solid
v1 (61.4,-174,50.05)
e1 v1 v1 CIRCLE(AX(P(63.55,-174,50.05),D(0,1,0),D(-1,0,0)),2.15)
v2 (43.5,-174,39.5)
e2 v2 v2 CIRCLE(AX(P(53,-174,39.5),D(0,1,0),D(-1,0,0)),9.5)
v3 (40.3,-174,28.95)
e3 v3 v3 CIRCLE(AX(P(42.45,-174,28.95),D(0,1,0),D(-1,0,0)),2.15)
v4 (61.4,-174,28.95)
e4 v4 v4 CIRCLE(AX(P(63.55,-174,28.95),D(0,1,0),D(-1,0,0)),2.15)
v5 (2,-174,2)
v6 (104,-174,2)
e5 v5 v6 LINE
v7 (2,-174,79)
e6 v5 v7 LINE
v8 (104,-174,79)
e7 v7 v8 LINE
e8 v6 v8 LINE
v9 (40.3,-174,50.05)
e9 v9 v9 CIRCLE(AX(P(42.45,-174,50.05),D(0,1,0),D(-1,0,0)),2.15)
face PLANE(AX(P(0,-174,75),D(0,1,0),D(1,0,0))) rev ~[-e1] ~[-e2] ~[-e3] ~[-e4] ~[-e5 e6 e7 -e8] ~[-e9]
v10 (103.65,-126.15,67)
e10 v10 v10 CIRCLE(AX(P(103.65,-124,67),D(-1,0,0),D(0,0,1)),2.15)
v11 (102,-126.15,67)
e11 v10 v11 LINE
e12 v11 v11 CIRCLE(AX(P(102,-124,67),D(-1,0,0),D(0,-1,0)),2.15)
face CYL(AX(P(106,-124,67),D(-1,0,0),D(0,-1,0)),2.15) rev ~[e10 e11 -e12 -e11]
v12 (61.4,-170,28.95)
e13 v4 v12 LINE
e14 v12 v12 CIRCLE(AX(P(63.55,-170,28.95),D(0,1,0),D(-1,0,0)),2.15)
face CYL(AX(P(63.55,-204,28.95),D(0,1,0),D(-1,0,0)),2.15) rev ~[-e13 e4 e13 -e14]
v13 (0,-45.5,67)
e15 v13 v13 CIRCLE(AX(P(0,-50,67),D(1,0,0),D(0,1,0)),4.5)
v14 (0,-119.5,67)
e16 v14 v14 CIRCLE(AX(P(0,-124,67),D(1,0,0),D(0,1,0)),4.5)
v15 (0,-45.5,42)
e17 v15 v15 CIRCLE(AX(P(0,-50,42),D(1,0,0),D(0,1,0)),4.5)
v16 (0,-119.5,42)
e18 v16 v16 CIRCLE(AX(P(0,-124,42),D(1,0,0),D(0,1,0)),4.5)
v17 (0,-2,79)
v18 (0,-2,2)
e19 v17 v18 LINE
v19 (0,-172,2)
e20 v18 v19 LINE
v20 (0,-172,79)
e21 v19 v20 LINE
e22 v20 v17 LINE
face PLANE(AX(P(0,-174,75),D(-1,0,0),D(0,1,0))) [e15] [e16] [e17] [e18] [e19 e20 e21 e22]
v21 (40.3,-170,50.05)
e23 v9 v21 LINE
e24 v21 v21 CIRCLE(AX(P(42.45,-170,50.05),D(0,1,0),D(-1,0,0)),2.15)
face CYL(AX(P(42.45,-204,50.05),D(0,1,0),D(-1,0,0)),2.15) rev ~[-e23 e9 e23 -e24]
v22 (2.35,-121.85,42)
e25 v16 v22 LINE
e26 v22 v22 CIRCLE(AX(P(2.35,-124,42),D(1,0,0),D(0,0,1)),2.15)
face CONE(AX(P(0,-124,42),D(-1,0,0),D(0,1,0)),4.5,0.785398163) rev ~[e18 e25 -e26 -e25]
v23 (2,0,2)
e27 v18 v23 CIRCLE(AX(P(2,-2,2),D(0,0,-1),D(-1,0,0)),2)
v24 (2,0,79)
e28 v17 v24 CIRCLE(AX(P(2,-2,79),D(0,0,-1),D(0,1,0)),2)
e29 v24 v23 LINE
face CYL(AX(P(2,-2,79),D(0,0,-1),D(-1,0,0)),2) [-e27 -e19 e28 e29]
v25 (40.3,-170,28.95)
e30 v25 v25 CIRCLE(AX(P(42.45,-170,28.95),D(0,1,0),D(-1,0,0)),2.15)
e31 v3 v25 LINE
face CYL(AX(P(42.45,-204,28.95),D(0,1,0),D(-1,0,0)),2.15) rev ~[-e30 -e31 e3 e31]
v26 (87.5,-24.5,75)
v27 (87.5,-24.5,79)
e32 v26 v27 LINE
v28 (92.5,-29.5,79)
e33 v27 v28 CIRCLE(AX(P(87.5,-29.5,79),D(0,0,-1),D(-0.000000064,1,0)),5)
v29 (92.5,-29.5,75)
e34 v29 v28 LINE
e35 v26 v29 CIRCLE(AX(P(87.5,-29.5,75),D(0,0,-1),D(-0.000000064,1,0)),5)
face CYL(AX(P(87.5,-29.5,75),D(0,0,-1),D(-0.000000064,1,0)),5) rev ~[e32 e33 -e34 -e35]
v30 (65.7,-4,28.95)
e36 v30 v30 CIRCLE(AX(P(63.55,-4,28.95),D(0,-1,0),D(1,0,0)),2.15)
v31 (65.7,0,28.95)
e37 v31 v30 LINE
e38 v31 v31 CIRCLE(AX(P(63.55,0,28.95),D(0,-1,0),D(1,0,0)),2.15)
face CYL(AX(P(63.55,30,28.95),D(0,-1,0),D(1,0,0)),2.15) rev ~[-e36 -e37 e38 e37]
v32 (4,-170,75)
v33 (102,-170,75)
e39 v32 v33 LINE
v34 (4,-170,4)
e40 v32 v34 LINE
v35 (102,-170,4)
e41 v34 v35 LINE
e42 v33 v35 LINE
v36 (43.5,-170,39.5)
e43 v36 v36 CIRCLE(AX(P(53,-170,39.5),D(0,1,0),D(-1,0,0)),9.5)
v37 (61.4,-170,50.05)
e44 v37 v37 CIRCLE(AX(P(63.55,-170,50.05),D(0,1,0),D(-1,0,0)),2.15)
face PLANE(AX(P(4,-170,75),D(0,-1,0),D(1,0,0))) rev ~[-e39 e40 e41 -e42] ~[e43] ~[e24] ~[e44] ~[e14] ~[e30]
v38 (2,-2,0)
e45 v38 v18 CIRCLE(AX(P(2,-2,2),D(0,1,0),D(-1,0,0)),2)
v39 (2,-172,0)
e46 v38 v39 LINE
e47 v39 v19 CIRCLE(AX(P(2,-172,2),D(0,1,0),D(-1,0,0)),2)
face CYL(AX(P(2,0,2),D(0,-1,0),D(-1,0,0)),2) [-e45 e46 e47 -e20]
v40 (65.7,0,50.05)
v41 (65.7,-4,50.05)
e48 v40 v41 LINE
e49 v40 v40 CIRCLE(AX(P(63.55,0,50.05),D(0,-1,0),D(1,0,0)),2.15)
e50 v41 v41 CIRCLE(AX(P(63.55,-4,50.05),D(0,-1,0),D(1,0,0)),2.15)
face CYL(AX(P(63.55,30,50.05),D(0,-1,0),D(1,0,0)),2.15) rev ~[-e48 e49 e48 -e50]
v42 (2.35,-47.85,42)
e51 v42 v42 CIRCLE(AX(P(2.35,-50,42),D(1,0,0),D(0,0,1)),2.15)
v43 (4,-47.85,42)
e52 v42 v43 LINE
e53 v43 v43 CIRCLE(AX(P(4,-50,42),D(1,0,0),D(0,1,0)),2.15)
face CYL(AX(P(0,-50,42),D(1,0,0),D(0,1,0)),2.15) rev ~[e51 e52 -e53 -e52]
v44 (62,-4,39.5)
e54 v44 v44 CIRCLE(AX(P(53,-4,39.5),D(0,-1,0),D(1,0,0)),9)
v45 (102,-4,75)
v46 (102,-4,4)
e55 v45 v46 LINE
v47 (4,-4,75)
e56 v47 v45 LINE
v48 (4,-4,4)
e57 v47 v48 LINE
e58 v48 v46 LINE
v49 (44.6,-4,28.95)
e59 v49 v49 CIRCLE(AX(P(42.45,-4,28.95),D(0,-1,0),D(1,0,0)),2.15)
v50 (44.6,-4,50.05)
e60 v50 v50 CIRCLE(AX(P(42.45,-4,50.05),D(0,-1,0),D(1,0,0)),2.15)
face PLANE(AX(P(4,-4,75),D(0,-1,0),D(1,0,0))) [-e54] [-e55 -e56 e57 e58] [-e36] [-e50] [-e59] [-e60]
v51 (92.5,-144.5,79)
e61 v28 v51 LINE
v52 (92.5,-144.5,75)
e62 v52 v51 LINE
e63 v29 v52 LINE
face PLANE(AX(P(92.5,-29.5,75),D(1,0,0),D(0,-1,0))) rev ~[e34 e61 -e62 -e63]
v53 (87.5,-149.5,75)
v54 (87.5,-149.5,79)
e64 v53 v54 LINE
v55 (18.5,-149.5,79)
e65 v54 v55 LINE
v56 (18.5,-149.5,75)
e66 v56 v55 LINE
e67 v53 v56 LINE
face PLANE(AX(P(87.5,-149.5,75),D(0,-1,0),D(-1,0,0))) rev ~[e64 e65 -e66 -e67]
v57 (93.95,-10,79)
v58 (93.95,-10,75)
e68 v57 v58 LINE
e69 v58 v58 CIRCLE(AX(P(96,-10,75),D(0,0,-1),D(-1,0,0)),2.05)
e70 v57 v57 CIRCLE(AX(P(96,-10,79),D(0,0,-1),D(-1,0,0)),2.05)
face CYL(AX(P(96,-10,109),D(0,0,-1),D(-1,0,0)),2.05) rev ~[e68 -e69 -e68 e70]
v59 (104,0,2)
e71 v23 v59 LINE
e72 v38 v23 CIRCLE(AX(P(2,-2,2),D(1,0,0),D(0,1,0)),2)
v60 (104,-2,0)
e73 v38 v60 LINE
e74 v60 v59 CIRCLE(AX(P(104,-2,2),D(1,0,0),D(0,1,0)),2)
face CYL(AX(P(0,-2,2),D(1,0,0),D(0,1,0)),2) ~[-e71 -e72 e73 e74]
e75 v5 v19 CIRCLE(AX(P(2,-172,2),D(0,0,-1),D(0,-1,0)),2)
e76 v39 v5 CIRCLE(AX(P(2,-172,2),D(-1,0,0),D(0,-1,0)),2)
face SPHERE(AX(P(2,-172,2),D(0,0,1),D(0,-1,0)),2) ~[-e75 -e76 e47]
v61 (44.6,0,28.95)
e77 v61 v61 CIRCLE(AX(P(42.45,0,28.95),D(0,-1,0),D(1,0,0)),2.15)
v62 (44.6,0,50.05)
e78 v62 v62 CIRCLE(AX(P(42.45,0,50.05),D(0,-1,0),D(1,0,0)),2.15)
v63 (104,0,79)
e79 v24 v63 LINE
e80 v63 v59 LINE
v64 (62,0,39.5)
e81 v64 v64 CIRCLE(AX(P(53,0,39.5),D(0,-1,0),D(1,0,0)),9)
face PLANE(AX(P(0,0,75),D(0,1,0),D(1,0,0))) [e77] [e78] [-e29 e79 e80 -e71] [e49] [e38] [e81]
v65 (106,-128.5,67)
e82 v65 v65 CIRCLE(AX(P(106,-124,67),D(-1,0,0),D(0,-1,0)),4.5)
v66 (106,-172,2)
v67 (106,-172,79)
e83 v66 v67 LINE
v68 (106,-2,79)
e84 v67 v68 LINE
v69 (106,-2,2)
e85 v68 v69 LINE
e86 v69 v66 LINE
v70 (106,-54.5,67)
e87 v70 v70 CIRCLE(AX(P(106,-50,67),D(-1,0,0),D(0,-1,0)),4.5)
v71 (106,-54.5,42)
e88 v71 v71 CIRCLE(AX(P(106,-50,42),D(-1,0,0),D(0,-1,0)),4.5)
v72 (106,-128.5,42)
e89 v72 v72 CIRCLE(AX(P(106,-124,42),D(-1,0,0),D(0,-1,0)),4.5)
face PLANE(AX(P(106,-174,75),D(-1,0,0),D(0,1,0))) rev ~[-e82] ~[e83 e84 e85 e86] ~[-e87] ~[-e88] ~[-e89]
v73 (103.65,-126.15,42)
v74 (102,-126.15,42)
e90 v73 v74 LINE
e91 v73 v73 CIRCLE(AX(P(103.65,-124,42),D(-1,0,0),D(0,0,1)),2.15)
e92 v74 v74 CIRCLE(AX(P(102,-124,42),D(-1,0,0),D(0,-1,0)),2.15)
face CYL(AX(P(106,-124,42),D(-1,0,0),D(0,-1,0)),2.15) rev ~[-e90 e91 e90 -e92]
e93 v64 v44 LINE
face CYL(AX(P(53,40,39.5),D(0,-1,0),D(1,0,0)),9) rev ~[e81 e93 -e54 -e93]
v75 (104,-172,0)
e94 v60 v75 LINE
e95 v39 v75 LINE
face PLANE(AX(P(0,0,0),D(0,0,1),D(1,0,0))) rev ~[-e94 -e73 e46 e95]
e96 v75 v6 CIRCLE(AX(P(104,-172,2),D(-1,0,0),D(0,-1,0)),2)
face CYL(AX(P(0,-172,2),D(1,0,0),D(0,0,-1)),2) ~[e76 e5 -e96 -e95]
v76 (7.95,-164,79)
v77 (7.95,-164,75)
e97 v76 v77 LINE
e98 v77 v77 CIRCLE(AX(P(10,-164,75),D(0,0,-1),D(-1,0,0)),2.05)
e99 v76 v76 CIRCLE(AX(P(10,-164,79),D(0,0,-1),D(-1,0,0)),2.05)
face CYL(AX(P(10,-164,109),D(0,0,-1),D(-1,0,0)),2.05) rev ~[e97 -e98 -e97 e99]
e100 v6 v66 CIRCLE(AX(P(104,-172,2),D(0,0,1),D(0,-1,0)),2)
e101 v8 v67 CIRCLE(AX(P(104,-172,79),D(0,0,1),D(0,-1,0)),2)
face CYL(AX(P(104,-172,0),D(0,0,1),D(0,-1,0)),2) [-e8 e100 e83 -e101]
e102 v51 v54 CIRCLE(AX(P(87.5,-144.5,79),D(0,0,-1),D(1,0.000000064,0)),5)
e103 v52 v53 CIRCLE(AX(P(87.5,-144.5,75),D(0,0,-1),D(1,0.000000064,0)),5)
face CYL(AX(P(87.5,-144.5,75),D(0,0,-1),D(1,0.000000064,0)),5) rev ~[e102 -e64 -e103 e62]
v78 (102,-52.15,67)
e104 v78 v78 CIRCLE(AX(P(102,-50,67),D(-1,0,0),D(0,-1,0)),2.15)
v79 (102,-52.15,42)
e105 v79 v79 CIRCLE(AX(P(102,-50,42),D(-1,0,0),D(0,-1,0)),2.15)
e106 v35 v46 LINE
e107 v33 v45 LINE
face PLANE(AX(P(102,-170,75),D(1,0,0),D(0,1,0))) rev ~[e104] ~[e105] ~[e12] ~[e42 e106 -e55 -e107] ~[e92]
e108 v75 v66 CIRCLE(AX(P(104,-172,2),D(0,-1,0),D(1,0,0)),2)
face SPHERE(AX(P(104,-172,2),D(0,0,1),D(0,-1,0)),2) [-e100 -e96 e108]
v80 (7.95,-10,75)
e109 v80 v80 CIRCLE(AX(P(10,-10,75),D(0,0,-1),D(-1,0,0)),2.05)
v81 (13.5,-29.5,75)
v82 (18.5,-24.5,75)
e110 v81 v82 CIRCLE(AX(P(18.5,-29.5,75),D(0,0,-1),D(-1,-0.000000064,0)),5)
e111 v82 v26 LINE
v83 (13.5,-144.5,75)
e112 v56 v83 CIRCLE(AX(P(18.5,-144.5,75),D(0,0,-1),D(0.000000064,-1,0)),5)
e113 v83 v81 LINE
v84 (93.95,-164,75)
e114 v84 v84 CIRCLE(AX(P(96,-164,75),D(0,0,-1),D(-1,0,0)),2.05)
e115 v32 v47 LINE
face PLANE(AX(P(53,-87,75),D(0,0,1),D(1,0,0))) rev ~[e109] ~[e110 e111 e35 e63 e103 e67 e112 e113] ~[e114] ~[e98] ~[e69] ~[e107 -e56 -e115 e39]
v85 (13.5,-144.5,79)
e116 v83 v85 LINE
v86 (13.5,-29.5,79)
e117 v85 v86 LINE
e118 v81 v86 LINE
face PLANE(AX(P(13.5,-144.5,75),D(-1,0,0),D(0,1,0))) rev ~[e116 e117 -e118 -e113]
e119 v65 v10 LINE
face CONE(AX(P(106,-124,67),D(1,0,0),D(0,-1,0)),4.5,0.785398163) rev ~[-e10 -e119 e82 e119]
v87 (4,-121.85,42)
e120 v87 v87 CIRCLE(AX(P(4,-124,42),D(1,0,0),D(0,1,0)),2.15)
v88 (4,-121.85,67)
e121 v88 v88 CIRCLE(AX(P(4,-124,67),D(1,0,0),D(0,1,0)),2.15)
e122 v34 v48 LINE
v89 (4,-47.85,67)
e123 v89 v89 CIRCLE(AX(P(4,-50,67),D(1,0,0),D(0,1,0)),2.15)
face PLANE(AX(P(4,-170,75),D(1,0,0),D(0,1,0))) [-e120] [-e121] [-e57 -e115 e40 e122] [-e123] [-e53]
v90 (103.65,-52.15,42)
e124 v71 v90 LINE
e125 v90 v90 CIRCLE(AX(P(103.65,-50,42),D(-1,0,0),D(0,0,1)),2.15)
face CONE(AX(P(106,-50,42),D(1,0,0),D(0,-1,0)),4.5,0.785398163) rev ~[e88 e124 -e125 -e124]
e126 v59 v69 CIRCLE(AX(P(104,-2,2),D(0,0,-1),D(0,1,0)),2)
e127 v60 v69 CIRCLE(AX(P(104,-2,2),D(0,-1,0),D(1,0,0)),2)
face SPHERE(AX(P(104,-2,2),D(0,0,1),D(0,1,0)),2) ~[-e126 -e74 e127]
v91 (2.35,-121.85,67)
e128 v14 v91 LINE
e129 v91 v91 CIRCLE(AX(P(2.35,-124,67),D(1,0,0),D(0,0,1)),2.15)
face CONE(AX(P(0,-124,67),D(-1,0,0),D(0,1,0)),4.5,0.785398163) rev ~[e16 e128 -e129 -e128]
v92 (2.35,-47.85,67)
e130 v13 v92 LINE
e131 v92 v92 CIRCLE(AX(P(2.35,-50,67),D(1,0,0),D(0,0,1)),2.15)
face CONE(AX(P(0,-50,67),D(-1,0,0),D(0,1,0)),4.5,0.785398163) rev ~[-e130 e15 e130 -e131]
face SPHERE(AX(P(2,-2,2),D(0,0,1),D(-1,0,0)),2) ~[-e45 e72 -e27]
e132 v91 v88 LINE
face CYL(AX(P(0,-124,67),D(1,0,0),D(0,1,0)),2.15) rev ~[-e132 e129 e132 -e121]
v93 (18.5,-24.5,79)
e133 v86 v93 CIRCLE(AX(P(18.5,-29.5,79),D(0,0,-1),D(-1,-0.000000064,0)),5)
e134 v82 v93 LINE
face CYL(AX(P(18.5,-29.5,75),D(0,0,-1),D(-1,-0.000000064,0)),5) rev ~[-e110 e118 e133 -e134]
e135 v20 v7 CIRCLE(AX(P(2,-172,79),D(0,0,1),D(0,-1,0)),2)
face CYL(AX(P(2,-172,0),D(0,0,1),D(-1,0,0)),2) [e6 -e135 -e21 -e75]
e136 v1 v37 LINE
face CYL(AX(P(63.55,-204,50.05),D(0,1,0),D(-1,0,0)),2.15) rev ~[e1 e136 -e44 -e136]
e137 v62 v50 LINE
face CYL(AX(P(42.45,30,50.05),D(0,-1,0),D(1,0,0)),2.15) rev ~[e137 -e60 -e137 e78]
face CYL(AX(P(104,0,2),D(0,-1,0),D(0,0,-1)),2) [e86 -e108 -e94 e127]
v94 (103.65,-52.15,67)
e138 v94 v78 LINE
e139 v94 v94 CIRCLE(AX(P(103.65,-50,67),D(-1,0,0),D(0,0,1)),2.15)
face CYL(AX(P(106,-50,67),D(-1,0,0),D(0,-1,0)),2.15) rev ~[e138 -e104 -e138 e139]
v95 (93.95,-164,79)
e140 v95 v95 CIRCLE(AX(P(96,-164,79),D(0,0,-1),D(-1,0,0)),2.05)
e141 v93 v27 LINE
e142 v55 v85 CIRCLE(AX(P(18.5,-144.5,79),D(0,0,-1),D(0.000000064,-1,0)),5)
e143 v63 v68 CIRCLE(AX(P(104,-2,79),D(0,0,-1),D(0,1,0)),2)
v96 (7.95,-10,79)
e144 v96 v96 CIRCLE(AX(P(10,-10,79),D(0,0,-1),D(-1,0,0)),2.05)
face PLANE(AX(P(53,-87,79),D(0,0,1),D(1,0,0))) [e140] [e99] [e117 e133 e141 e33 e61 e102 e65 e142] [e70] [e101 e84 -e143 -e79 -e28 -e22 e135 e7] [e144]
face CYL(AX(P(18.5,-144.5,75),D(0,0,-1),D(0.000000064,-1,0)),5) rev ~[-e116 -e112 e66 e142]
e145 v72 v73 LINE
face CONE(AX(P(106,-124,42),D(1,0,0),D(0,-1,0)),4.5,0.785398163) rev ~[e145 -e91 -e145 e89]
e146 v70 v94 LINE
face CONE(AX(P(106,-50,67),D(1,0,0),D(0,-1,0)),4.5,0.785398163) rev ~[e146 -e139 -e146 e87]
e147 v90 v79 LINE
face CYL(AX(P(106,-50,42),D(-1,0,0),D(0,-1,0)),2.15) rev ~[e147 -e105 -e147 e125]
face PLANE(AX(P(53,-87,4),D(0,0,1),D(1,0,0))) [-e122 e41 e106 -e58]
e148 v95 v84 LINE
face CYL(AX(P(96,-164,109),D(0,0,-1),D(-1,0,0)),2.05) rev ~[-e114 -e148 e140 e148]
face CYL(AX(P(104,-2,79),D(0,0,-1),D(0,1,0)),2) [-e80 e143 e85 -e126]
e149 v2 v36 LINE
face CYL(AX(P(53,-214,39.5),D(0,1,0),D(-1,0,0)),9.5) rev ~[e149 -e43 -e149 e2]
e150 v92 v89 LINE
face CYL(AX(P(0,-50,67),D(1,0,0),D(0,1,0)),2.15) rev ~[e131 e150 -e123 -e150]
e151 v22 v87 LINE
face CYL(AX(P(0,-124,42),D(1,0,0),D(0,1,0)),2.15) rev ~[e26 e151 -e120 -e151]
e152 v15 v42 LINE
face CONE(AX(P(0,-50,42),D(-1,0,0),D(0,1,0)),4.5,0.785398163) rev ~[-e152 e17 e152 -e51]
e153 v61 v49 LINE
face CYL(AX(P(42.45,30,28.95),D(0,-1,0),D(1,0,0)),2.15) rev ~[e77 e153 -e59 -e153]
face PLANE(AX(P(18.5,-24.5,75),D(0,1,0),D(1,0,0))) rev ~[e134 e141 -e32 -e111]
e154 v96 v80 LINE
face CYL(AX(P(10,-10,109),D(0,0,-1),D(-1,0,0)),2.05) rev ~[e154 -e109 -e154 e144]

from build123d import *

# Parameters (mm, degrees)
F0_W            = 106
F0_H            = 75
F1_DEPTH        = 174
F2_W            = 106
F2_H            = 174
F3_DEPTH        = 4
F4_W            = 98
F4_H            = 166
F5_DEPTH        = 71
F7_D            = 4.3
F7_DEPTH        = 30
F7_CSINK_D      = 9
F7_CSINK_ANGLE  = 90
F10_D           = 4.3
F10_DEPTH       = 30
F12_D           = 4.3
F12_DEPTH       = 30
F13_D           = 4.3
F13_DEPTH       = 30
F13_CSINK_D     = 9
F13_CSINK_ANGLE = 90
F15_D           = 4.1
F15_DEPTH       = 30
F16_D           = 19
F16_DEPTH       = 40
F18_D           = 18
F18_DEPTH       = 40
F19_R           = 2


with BuildPart() as f1:
    # F0 (on Front) → F1 (new body)
    with BuildSketch(Plane.XZ):
        with Locations((53, 37.5)):
            Rectangle(F0_W, F0_H)
    extrude(amount=F1_DEPTH)

    # F2 (on face) → F3 (join)
    with BuildSketch(Plane.XY.offset(75)):
        with Locations((53, -87)):
            Rectangle(F2_W, F2_H)
        with BuildLine():
            Line((87.5, -149.5), (18.5, -149.5))
            ThreePointArc((18.5, -149.5), (14.964466, -148.035534), (13.5, -144.5))
            Line((13.5, -144.5), (13.5, -29.5))
            ThreePointArc((13.5, -29.5), (14.964466, -25.964466), (18.5, -24.5))
            Line((18.5, -24.5), (87.5, -24.5))
            ThreePointArc((87.5, -24.5), (91.035534, -25.964466), (92.5, -29.5))
            Line((92.5, -29.5), (92.5, -144.5))
            ThreePointArc((92.5, -144.5), (91.035534, -148.035534), (87.5, -149.5))
        make_face(mode=Mode.SUBTRACT)
    extrude(amount=F3_DEPTH)

    # F4 (on face) → F5 (cut)
    with BuildSketch(Plane.XY.offset(75)):
        with Locations((53, -87)):
            Rectangle(F4_W, F4_H)
    extrude(amount=-F5_DEPTH, mode=Mode.SUBTRACT)

    # F7
    with Locations(Plane.YZ.offset(106)):
        with Locations((-124, 67), (-124, 42), (-50, 67), (-50, 42)):
            CounterSinkHole(F7_D / 2, F7_CSINK_D / 2, depth=F7_DEPTH, counter_sink_angle=F7_CSINK_ANGLE)

    # F10
    with Locations(Plane.XZ.offset(174)):
        with Locations((42.45, 50.05), (42.45, 28.95), (63.55, 50.05), (63.55, 28.95)):
            Hole(F10_D / 2, depth=F10_DEPTH)

    # F12
    with Locations(Plane(origin=(0, 0, 0), x_dir=(-1, 0, 0), z_dir=(0, 1, 0))):
        with Locations((-63.55, 50.05), (-63.55, 28.95), (-42.45, 50.05), (-42.45, 28.95)):
            Hole(F12_D / 2, depth=F12_DEPTH)

    # F13
    with Locations(Plane(origin=(0, 0, 0), x_dir=(0, -1, 0), z_dir=(-1, 0, 0))):
        with Locations((50, 67), (50, 42), (124, 67), (124, 42)):
            CounterSinkHole(F13_D / 2, F13_CSINK_D / 2, depth=F13_DEPTH, counter_sink_angle=F13_CSINK_ANGLE)

    # F15
    with Locations(Plane.XY.offset(79)):
        with Locations((10, -10), (96, -10), (10, -164), (96, -164)):
            Hole(F15_D / 2, depth=F15_DEPTH)

    # F16
    with Locations(Plane.XZ.offset(174)):
        with Locations((53, 39.5)):
            Hole(F16_D / 2, depth=F16_DEPTH)

    # F18
    with Locations(Plane(origin=(0, 0, 0), x_dir=(-1, 0, 0), z_dir=(0, 1, 0))):
        with Locations((-53, 39.5)):
            Hole(F18_D / 2, depth=F18_DEPTH)

    # F19
    f19_edges = [f1.edges().sort_by_distance(p)[0] for p in [
        (0, 0, 39.5),
        (106, 0, 39.5),
        (106, -174, 39.5),
        (0, -174, 39.5),
        (53, -174, 0),
        (0, -87, 0),
        (53, 0, 0),
        (106, -87, 0),
    ]]
    fillet(f19_edges, radius=F19_R)


solid = f1.part
